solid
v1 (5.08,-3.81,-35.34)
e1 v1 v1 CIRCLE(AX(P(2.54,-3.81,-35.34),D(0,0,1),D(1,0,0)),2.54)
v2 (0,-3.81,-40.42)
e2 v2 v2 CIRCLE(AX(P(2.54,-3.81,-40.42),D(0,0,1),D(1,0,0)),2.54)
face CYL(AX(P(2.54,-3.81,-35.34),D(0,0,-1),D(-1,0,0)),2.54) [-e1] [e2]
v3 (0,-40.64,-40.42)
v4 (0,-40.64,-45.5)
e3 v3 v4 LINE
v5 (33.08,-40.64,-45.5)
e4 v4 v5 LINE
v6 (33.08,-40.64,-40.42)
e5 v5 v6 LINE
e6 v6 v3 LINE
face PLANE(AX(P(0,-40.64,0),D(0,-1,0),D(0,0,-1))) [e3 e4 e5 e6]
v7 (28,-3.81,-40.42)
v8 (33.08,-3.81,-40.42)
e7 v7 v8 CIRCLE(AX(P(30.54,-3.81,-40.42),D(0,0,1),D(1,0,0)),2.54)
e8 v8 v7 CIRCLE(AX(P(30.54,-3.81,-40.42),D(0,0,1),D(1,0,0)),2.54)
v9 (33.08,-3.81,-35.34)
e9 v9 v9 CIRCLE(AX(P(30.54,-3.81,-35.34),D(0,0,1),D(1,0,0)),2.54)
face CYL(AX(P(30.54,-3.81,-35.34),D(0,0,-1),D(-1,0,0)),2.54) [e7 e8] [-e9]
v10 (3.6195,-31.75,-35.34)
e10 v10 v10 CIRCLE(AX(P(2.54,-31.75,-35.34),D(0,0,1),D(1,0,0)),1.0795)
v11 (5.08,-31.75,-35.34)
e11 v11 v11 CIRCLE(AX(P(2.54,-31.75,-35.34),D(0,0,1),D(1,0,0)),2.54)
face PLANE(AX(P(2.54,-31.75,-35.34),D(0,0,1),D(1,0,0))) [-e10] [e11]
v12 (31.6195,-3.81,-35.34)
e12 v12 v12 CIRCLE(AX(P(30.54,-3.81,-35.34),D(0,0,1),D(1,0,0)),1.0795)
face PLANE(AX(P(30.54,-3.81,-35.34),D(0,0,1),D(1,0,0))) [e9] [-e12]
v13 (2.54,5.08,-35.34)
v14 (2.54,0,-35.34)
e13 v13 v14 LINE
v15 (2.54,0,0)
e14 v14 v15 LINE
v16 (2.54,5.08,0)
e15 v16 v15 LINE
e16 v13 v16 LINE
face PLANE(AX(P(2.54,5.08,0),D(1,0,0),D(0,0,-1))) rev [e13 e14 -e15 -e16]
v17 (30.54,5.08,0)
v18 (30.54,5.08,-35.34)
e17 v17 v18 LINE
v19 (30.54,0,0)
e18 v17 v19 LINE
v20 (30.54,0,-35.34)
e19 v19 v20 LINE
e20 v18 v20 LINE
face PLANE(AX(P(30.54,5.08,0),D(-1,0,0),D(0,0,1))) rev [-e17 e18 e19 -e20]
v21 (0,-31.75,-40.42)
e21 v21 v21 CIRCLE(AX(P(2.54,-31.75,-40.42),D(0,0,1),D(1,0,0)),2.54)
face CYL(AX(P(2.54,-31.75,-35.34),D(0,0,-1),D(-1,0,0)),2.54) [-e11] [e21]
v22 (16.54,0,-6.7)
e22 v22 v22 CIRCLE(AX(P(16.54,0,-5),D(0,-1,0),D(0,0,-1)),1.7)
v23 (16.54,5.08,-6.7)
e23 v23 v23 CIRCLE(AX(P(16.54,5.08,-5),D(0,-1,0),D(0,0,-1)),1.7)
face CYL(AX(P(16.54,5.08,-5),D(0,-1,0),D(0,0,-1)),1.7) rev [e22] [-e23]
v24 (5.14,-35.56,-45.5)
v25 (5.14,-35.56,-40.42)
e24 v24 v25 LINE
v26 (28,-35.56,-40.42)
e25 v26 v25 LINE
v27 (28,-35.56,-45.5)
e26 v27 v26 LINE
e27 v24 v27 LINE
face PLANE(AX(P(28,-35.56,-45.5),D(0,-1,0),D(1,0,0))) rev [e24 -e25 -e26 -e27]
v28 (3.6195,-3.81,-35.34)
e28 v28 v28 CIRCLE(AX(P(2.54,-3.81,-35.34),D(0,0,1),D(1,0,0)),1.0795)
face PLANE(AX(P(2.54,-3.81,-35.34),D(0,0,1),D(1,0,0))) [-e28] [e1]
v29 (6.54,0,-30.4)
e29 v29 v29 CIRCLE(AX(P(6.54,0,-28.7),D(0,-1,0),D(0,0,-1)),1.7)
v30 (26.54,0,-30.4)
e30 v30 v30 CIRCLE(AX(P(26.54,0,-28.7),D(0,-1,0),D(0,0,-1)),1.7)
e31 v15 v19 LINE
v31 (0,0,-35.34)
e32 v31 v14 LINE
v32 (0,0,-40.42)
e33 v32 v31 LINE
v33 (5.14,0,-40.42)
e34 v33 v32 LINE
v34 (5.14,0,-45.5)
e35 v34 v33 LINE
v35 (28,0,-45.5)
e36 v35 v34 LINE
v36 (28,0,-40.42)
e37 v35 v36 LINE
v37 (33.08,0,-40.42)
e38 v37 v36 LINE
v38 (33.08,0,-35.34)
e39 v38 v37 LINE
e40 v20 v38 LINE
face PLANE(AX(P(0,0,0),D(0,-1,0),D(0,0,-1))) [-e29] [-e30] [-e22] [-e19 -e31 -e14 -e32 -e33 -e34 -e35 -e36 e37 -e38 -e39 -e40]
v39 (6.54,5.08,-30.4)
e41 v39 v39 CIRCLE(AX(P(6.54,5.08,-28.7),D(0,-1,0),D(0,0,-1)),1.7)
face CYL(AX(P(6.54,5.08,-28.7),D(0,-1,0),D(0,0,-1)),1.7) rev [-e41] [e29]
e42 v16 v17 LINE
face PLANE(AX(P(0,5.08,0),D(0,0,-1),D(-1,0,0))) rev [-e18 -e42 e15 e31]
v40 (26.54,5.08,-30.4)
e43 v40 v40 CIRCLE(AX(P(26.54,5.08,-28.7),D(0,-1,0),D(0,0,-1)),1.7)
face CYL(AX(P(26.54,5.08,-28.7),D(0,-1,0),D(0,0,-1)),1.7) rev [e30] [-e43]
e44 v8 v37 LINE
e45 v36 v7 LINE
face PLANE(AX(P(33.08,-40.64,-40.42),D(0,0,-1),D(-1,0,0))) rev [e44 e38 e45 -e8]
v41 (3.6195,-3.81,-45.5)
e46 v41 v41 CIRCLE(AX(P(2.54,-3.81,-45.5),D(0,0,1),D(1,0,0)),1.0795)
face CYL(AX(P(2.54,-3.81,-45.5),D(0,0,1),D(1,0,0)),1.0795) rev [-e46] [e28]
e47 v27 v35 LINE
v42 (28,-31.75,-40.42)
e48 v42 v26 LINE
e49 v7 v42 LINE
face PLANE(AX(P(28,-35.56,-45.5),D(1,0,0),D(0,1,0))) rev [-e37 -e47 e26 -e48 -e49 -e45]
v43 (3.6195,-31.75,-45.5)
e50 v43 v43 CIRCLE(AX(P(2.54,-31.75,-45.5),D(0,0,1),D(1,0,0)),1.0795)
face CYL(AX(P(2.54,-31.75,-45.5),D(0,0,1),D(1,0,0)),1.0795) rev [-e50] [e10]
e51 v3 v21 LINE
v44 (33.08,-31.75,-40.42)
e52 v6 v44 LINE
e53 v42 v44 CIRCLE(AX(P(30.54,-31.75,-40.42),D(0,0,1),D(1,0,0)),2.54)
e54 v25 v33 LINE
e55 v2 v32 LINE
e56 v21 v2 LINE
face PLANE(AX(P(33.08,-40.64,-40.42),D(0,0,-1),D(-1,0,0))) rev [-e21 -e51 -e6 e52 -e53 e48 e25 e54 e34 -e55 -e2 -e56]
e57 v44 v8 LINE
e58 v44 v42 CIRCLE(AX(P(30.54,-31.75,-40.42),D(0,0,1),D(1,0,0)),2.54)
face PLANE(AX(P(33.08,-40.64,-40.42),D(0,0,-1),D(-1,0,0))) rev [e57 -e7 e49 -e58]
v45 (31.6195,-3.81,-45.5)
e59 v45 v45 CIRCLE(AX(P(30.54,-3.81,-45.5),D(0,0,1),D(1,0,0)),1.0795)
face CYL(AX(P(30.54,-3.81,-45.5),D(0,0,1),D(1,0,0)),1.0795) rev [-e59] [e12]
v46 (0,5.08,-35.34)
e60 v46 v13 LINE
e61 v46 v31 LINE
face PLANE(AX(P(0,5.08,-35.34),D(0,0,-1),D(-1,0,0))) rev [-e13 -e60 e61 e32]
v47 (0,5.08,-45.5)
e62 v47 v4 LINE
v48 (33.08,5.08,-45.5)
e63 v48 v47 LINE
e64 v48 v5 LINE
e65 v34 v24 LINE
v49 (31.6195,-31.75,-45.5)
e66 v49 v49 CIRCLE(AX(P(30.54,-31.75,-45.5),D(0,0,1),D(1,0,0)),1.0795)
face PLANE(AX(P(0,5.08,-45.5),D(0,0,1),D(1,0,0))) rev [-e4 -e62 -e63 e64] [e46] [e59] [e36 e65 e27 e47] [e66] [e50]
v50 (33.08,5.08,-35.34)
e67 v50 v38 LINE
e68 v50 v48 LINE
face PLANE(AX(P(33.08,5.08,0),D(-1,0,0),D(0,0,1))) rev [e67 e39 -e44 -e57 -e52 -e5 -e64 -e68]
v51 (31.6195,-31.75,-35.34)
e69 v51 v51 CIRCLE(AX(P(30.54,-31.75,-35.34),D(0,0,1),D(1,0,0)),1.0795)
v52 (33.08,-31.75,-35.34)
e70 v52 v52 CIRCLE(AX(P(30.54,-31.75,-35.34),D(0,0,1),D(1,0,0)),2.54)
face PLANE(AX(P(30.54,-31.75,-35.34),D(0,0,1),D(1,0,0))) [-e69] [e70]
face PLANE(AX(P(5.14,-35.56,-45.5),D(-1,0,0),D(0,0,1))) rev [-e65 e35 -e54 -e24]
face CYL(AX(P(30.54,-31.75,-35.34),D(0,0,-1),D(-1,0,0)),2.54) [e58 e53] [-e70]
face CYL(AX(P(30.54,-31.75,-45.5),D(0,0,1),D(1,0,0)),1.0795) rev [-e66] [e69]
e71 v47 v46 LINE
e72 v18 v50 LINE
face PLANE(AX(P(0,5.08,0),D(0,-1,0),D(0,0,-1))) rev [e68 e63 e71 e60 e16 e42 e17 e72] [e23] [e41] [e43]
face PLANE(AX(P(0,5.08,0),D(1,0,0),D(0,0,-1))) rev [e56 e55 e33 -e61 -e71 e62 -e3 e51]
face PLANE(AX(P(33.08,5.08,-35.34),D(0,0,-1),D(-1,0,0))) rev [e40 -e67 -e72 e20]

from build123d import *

# Parameters (mm, degrees)
SKETCH1_W               = 33.08
SKETCH1_H               = 45.5
BOSS_EXTRUDE1_DEPTH     = 5.08
SKETCH2_R               = 1.7
CUT_EXTRUDE1_DEPTH      = 6.08
SKETCH3_W               = 33.08
SKETCH3_H               = 5.08
BOSS_EXTRUDE2_DEPTH     = 40.64
SKETCH4_R               = 1.0795
SKETCH4_W               = 22.86
SKETCH4_H               = 35.56
CUT_EXTRUDE2_DEPTH      = 41.42
CUT_EXTRUDE2_DEPTH_BACK = 6.08
SKETCH5_R               = 2.54
SKETCH5_R_2             = 1.0795
BOSS_EXTRUDE3_DEPTH     = 5.08
SKETCH6_W               = 2.54
SKETCH6_H               = 35.34
CUT_EXTRUDE3_DEPTH      = 6.08


with BuildPart() as part:
    # Sketch1 → Boss-Extrude1 (new body)
    with BuildSketch(Plane(origin=(0, 0, 0), x_dir=(1, 0, 0), z_dir=(0, 1, 0))):
        with Locations((16.54, 22.75)):
            Rectangle(SKETCH1_W, SKETCH1_H)
    extrude(amount=BOSS_EXTRUDE1_DEPTH)

    # Sketch2 → Cut-Extrude1 (cut, through all)
    with BuildSketch(Plane.XZ):
        with Locations((6.54, -28.7)):
            Circle(SKETCH2_R)
        with Locations((26.54, -28.7)):
            Circle(SKETCH2_R)
        with Locations((16.54, -5)):
            Circle(SKETCH2_R)
    extrude(amount=-CUT_EXTRUDE1_DEPTH, mode=Mode.SUBTRACT)

    # Sketch3 → Boss-Extrude2 (add)
    with BuildSketch(Plane.XZ):
        with Locations((16.54, -42.96)):
            Rectangle(SKETCH3_W, SKETCH3_H)
    extrude(amount=BOSS_EXTRUDE2_DEPTH)

    # Sketch4 → Cut-Extrude2 (cut, two sides)
    with BuildSketch(Plane.XY.offset(-40.42)) as cut_extrude2_sk:
        with Locations((30.54, -31.75)):
            Circle(SKETCH4_R)
        with Locations((2.54, -31.75)):
            Circle(SKETCH4_R)
        with Locations((30.54, -3.81)):
            Circle(SKETCH4_R)
        with Locations((2.54, -3.81)):
            Circle(SKETCH4_R)
        with Locations((16.57, -17.78)):
            Rectangle(SKETCH4_W, SKETCH4_H)
    extrude(amount=CUT_EXTRUDE2_DEPTH, mode=Mode.SUBTRACT)
    extrude(cut_extrude2_sk.sketch, amount=-CUT_EXTRUDE2_DEPTH_BACK, mode=Mode.SUBTRACT)

    # Sketch5 → Boss-Extrude3 (add)
    with BuildSketch(Plane.XY.offset(-40.42)):
        with Locations((30.54, -31.75)):
            Circle(SKETCH5_R)
        with Locations((30.54, -31.75)):
            Circle(SKETCH5_R_2, mode=Mode.SUBTRACT)
        with Locations((30.54, -3.81)):
            Circle(SKETCH5_R)
        with Locations((30.54, -3.81)):
            Circle(SKETCH5_R_2, mode=Mode.SUBTRACT)
        with Locations((2.54, -3.81)):
            Circle(SKETCH5_R)
        with Locations((2.54, -3.81)):
            Circle(SKETCH5_R_2, mode=Mode.SUBTRACT)
        with Locations((2.54, -31.75)):
            Circle(SKETCH5_R)
        with Locations((2.54, -31.75)):
            Circle(SKETCH5_R_2, mode=Mode.SUBTRACT)
    extrude(amount=BOSS_EXTRUDE3_DEPTH)

    # Sketch6 → Cut-Extrude3 (cut, through all)
    with BuildSketch(Plane.XZ):
        with Locations((1.27, -17.67)):
            Rectangle(SKETCH6_W, SKETCH6_H)
        with Locations((31.81, -17.67)):
            Rectangle(SKETCH6_W, SKETCH6_H)
    extrude(amount=-CUT_EXTRUDE3_DEPTH, mode=Mode.SUBTRACT)


solid = part.part
